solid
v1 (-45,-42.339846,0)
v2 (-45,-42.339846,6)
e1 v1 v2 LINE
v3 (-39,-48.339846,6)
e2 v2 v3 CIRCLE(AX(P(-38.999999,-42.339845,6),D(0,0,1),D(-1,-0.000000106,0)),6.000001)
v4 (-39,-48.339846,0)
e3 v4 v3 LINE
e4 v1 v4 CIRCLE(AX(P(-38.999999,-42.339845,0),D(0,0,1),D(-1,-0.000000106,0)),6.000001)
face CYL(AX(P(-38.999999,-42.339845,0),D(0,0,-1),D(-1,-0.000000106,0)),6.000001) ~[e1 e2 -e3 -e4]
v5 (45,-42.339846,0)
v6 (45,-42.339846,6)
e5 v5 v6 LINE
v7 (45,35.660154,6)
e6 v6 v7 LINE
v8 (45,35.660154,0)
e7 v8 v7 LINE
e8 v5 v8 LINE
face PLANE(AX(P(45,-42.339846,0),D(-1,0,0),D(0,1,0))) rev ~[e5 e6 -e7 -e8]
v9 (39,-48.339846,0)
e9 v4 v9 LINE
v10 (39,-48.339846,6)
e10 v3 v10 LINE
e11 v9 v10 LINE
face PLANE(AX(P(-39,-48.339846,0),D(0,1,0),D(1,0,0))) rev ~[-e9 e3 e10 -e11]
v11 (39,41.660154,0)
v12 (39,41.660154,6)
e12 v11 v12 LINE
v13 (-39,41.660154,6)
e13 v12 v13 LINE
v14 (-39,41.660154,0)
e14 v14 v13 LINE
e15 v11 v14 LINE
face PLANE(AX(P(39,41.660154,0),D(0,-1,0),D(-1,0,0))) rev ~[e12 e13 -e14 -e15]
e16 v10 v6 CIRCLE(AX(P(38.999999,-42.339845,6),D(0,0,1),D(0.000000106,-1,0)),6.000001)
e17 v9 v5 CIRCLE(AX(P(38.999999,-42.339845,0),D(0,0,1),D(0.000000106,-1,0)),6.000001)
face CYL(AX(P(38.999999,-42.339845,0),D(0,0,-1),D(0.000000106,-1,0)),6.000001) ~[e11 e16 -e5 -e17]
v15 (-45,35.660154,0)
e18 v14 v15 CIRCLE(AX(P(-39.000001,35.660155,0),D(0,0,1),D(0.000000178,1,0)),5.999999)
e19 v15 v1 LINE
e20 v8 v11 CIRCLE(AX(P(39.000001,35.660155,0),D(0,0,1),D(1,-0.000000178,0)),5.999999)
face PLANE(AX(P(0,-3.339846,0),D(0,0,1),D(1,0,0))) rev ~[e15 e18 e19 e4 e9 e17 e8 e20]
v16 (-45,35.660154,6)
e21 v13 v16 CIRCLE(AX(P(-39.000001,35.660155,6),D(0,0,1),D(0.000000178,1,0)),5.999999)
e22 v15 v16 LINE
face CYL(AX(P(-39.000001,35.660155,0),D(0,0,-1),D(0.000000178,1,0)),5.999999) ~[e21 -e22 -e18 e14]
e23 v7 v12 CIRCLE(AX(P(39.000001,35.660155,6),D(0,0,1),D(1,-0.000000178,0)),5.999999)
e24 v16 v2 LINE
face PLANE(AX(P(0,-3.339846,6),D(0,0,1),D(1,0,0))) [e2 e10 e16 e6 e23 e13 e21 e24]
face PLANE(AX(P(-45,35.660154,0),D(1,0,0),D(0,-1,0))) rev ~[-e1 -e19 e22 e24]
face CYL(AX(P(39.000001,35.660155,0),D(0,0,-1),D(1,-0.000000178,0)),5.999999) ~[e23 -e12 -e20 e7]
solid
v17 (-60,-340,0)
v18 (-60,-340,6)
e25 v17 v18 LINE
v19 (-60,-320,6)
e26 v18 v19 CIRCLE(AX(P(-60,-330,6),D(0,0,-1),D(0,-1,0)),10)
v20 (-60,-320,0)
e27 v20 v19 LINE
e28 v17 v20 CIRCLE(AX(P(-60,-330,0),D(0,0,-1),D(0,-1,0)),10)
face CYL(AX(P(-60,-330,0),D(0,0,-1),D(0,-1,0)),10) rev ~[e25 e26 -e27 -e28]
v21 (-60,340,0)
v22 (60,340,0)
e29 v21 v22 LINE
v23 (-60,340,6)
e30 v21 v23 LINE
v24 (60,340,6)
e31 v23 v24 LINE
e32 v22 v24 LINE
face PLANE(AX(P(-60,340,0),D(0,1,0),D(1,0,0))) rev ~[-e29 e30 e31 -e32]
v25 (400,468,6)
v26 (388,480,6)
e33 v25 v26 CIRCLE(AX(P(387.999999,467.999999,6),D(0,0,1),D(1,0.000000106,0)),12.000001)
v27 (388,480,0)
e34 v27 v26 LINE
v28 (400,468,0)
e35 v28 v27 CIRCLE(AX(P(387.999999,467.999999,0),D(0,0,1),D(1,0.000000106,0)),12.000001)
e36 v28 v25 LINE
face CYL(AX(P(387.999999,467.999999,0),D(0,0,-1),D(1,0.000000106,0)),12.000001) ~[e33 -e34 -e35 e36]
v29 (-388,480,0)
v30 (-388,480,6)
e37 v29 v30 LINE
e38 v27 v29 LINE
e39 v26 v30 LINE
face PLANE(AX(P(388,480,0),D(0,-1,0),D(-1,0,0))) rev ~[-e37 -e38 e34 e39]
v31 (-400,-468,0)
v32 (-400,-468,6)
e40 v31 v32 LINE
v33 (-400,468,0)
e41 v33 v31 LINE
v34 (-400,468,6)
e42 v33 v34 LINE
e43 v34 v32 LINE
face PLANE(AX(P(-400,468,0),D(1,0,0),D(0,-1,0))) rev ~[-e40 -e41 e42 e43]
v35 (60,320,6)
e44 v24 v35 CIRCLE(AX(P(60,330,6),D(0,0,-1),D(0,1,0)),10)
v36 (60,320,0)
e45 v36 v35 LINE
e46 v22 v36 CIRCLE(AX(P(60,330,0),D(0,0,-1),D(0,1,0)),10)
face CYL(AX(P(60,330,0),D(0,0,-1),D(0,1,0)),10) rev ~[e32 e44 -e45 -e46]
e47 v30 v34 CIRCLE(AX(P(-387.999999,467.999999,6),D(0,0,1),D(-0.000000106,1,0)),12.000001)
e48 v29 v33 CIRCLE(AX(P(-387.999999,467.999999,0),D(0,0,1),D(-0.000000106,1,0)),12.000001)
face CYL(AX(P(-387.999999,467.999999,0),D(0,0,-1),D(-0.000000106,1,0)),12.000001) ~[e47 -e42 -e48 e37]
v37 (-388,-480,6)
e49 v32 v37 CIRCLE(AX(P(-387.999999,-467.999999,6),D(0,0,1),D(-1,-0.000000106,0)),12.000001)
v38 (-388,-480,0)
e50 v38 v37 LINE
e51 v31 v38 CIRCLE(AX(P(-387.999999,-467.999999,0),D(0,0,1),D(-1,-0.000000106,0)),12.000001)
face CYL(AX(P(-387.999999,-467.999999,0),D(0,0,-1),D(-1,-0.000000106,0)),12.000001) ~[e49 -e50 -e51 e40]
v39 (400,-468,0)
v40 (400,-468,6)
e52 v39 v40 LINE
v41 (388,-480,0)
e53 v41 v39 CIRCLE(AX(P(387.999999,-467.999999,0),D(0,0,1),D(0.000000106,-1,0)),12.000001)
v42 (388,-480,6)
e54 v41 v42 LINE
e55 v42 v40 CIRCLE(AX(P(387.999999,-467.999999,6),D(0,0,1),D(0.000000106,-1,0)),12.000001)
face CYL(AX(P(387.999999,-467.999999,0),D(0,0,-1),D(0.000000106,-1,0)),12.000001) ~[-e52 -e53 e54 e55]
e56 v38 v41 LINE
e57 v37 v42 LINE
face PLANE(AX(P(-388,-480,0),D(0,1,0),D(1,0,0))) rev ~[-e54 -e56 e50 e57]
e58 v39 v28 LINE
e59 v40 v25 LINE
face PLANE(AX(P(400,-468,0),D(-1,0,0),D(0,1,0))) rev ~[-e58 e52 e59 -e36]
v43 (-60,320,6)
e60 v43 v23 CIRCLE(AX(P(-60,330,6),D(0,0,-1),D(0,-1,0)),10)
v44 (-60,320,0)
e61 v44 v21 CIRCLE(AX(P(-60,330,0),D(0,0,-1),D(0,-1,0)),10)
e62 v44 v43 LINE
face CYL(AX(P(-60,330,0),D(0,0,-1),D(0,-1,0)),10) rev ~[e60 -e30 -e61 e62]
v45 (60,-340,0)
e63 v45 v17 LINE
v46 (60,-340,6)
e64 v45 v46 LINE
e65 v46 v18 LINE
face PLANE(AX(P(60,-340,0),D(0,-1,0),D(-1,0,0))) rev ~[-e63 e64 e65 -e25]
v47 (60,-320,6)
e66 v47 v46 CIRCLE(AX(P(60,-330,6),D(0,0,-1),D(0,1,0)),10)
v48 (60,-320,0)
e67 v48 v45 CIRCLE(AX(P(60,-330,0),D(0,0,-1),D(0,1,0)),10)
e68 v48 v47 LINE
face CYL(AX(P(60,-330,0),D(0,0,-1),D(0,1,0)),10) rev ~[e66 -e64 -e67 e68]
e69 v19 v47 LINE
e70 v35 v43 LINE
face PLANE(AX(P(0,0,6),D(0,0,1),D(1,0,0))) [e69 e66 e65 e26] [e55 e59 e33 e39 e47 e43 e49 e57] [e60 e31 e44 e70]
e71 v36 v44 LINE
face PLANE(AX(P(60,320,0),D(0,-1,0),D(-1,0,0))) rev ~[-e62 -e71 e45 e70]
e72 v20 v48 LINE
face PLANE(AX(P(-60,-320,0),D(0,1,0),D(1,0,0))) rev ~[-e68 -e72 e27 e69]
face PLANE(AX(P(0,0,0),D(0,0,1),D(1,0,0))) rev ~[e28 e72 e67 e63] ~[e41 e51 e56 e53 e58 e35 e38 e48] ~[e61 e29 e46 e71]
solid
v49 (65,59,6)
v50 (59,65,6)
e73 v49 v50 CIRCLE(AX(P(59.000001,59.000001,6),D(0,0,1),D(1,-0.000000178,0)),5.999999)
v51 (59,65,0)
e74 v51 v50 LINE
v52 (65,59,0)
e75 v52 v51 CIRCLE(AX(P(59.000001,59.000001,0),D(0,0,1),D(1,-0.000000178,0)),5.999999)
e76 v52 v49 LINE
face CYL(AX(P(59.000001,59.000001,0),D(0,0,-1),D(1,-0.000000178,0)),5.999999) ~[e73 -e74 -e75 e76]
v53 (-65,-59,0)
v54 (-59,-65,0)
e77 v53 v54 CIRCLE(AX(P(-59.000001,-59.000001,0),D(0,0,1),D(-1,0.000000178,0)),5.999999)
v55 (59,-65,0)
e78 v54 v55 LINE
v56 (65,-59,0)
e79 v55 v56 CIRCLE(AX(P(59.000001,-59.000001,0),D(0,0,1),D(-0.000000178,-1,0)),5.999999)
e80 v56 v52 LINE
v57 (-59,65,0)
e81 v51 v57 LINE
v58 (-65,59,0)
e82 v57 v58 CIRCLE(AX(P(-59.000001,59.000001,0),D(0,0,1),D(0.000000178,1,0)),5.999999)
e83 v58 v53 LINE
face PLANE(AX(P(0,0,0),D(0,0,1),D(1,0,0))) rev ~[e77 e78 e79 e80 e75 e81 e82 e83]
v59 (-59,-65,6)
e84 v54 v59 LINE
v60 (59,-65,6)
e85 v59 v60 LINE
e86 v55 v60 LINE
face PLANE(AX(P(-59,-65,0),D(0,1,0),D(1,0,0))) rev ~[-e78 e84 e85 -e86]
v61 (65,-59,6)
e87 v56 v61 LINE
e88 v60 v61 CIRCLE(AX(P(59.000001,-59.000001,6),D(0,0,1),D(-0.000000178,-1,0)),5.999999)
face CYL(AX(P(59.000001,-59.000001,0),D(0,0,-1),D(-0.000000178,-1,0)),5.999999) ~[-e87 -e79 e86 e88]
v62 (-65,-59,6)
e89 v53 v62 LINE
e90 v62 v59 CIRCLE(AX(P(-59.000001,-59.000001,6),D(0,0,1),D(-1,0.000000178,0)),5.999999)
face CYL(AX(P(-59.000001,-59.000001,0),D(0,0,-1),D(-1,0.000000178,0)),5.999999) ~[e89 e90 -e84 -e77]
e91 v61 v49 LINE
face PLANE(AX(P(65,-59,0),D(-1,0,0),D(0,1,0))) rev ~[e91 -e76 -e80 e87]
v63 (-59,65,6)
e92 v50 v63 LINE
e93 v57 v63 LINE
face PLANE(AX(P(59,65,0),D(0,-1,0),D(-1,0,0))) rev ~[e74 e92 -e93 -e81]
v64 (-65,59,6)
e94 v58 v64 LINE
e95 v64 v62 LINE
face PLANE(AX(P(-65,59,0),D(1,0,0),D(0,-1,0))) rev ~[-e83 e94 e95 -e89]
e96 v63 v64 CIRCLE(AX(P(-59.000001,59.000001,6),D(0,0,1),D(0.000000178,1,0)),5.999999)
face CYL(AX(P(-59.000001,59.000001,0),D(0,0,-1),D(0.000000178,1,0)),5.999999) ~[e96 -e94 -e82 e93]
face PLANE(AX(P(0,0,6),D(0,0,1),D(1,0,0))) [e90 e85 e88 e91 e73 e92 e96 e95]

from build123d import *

# Parameters (mm, degrees)
F1_DEPTH = 6
F3_DEPTH = 6
F5_DEPTH = 6


with BuildPart() as f1:
    # F0 (on Top) → F1 (new body)
    with BuildSketch(Plane.XY):
        with BuildLine():
            Line((39, 41.660154), (-39, 41.660154))
            ThreePointArc((-39, 41.660154), (-43.242641, 39.902795), (-45, 35.660154))
            Line((-45, 35.660154), (-45, -42.339846))
            ThreePointArc((-45, -42.339846), (-43.242641, -46.582486), (-39, -48.339846))
            Line((-39, -48.339846), (39, -48.339846))
            ThreePointArc((39, -48.339846), (43.242641, -46.582486), (45, -42.339846))
            Line((45, -42.339846), (45, 35.660154))
            ThreePointArc((45, 35.660154), (43.242641, 39.902795), (39, 41.660154))
        make_face()
    extrude(amount=F1_DEPTH)


with BuildPart() as f3:
    # F2 (on Top) → F3 (new body)
    with BuildSketch(Plane.XY):
        with BuildLine():
            ThreePointArc((65, 59), (63.242641, 63.242641), (59, 65))
            Line((59, 65), (-59, 65))
            ThreePointArc((-59, 65), (-63.242641, 63.242641), (-65, 59))
            Line((-65, 59), (-65, -59))
            ThreePointArc((-65, -59), (-63.242641, -63.242641), (-59, -65))
            Line((-59, -65), (59, -65))
            ThreePointArc((59, -65), (63.242641, -63.242641), (65, -59))
            Line((65, -59), (65, 59))
        make_face()
    extrude(amount=F3_DEPTH)


with BuildPart() as f5:
    # F4 (on Top) → F5 (new body)
    with BuildSketch(Plane.XY):
        with BuildLine():
            Line((388, 480), (-388, 480))
            ThreePointArc((-388, 480), (-396.485281, 476.485281), (-400, 468))
            Line((-400, 468), (-400, -468))
            ThreePointArc((-400, -468), (-396.485281, -476.485281), (-388, -480))
            Line((-388, -480), (388, -480))
            ThreePointArc((388, -480), (396.485281, -476.485281), (400, -468))
            Line((400, -468), (400, 468))
            ThreePointArc((400, 468), (396.485281, 476.485281), (388, 480))
        make_face()
        with BuildLine():
            Line((60, -340), (-60, -340))
            ThreePointArc((-60, -340), (-70, -330), (-60, -320))
            Line((-60, -320), (60, -320))
            ThreePointArc((60, -320), (70, -330), (60, -340))
        make_face(mode=Mode.SUBTRACT)
        with BuildLine():
            ThreePointArc((-60, 320), (-70, 330), (-60, 340))
            Line((-60, 340), (60, 340))
            ThreePointArc((60, 340), (70, 330), (60, 320))
            Line((60, 320), (-60, 320))
        make_face(mode=Mode.SUBTRACT)
    extrude(amount=F5_DEPTH)


solid = Compound([f1.part, f3.part, f5.part])
